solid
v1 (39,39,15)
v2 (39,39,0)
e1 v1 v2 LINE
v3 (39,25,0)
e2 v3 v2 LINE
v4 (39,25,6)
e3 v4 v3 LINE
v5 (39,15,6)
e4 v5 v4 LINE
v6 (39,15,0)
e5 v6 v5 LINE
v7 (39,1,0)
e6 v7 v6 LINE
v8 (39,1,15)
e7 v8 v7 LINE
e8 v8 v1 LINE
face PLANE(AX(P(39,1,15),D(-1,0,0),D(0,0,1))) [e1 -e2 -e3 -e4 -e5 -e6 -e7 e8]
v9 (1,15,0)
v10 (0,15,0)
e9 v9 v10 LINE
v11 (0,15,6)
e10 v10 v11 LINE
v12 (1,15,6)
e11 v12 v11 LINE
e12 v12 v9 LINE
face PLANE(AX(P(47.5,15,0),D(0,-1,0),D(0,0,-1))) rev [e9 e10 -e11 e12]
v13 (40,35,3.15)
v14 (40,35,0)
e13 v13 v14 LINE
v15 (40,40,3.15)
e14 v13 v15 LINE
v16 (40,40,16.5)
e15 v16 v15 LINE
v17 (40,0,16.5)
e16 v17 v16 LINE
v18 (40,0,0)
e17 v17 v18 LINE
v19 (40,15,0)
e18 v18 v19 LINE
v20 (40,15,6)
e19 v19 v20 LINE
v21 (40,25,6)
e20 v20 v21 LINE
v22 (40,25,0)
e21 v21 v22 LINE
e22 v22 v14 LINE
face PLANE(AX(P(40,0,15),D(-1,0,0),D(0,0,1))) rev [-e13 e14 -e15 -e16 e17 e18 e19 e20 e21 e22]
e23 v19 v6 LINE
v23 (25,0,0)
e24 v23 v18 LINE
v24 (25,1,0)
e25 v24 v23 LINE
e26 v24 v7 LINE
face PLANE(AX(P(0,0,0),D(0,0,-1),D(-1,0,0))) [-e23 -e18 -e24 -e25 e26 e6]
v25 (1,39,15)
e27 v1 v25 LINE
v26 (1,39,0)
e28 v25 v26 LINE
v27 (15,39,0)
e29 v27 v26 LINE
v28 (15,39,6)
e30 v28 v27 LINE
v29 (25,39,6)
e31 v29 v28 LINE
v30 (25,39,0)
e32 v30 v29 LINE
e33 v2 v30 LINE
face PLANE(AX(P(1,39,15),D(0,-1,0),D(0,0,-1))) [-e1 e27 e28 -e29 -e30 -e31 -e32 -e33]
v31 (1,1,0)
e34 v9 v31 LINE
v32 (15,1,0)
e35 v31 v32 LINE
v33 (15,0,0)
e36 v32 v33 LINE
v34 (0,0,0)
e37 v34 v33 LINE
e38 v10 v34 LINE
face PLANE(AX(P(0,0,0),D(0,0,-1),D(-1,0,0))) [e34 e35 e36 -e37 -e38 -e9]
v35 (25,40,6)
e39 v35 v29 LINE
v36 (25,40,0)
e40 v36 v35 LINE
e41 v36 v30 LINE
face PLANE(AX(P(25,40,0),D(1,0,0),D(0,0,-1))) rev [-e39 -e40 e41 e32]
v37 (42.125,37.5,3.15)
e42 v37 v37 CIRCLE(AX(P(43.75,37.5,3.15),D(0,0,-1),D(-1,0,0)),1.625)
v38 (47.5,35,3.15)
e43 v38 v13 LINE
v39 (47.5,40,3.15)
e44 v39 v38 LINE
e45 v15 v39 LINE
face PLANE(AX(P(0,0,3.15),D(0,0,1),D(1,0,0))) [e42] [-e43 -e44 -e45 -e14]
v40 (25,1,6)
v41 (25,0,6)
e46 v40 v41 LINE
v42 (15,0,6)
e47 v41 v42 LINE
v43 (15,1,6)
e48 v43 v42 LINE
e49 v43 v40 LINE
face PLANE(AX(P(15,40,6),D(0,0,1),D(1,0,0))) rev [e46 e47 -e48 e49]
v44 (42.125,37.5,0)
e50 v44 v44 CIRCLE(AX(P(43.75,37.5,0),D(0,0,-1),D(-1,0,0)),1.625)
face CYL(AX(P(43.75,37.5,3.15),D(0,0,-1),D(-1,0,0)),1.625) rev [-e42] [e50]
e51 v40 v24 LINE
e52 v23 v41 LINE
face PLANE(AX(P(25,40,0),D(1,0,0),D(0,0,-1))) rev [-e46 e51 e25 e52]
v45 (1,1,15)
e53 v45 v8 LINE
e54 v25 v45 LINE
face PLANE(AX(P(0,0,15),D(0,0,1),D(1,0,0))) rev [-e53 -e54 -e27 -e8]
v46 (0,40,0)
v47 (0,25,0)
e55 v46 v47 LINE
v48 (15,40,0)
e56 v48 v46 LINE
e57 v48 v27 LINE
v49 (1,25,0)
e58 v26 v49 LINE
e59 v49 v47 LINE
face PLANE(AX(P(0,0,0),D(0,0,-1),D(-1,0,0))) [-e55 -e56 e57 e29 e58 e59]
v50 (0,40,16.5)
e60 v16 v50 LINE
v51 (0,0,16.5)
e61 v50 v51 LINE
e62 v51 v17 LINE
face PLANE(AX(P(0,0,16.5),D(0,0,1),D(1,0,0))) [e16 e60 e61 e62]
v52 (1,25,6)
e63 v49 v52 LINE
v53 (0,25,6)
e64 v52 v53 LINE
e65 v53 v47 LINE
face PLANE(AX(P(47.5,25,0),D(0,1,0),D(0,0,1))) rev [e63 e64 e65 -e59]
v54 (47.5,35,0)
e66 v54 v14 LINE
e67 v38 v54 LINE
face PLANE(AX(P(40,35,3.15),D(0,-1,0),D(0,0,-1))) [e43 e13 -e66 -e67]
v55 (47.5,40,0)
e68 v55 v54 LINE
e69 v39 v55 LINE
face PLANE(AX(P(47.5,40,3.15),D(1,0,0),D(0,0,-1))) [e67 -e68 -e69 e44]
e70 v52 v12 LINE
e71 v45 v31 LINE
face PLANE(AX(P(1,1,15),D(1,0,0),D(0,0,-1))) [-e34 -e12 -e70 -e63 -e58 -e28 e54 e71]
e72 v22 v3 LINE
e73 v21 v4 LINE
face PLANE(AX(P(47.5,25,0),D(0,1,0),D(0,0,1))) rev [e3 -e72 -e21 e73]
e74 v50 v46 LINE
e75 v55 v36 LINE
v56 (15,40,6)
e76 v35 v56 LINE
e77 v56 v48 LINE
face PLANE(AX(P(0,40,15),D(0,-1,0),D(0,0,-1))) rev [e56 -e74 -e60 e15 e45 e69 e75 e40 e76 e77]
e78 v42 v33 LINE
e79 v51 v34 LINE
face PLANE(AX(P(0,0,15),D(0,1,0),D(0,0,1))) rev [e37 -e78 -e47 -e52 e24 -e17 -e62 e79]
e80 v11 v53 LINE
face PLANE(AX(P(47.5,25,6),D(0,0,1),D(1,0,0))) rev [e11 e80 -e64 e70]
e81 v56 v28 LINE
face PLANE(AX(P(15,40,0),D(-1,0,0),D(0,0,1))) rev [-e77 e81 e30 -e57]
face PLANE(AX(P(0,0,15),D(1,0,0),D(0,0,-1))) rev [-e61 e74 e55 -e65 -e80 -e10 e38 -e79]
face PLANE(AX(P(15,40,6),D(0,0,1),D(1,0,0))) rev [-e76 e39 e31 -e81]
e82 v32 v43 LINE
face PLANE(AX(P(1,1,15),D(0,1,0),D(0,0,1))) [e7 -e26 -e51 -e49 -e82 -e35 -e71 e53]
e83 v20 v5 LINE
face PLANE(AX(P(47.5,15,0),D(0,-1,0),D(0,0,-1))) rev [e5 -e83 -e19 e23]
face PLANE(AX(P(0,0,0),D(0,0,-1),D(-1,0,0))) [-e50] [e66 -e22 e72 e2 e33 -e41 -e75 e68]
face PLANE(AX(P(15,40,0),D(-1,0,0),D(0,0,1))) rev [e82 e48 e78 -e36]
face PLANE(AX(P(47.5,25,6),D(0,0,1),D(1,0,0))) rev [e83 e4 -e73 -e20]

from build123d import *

# Parameters (mm, degrees)
SKETCH1_W               = 40
SKETCH1_H               = 40
SKETCH1_W_2             = 38
SKETCH1_H_2             = 38
BOSS_EXTRUDE1_DEPTH     = 15
SKETCH2_W               = 40
SKETCH2_H               = 40
BOSS_EXTRUDE2_DEPTH     = 1.5
SKETCH3_W               = 7.5
SKETCH3_H               = 5
SKETCH3_R               = 1.625
BOSS_EXTRUDE3_DEPTH     = 3.15
SKETCH4_W               = 6
SKETCH4_H               = 10
CUT_EXTRUDE1_DEPTH      = 1
CUT_EXTRUDE1_DEPTH_BACK = 48.5
SKETCH5_W               = 10
SKETCH5_H               = 6
CUT_EXTRUDE2_DEPTH      = 1
CUT_EXTRUDE2_DEPTH_BACK = 41


with BuildPart() as part:
    # Sketch1 → Boss-Extrude1 (new body)
    with BuildSketch(Plane.XY):
        with Locations((20, 20)):
            Rectangle(SKETCH1_W, SKETCH1_H)
        with Locations((20, 20)):
            Rectangle(SKETCH1_W_2, SKETCH1_H_2, mode=Mode.SUBTRACT)
    extrude(amount=BOSS_EXTRUDE1_DEPTH)

    # Sketch2 → Boss-Extrude2 (add)
    with BuildSketch(Plane.XY.offset(15)):
        with Locations((20, 20)):
            Rectangle(SKETCH2_W, SKETCH2_H)
    extrude(amount=BOSS_EXTRUDE2_DEPTH)

    # Sketch3 → Boss-Extrude3 (add)
    with BuildSketch(Plane(origin=(0, 0, 0), x_dir=(-1, 0, 0), z_dir=(0, 0, -1))):
        with Locations((-43.75, 37.5)):
            Rectangle(SKETCH3_W, SKETCH3_H)
        with Locations((-43.75, 37.5)):
            Circle(SKETCH3_R, mode=Mode.SUBTRACT)
    extrude(amount=-BOSS_EXTRUDE3_DEPTH)

    # Sketch4 → Cut-Extrude1 (cut, two sides)
    with BuildSketch(Plane.ZY) as cut_extrude1_sk:
        with Locations((3, 20)):
            Rectangle(SKETCH4_W, SKETCH4_H)
    extrude(amount=CUT_EXTRUDE1_DEPTH, mode=Mode.SUBTRACT)
    extrude(cut_extrude1_sk.sketch, amount=-CUT_EXTRUDE1_DEPTH_BACK, mode=Mode.SUBTRACT)

    # Sketch5 → Cut-Extrude2 (cut, two sides)
    with BuildSketch(Plane.XZ) as cut_extrude2_sk:
        with Locations((20, 3)):
            Rectangle(SKETCH5_W, SKETCH5_H)
    extrude(amount=CUT_EXTRUDE2_DEPTH, mode=Mode.SUBTRACT)
    extrude(cut_extrude2_sk.sketch, amount=-CUT_EXTRUDE2_DEPTH_BACK, mode=Mode.SUBTRACT)


solid = part.part
